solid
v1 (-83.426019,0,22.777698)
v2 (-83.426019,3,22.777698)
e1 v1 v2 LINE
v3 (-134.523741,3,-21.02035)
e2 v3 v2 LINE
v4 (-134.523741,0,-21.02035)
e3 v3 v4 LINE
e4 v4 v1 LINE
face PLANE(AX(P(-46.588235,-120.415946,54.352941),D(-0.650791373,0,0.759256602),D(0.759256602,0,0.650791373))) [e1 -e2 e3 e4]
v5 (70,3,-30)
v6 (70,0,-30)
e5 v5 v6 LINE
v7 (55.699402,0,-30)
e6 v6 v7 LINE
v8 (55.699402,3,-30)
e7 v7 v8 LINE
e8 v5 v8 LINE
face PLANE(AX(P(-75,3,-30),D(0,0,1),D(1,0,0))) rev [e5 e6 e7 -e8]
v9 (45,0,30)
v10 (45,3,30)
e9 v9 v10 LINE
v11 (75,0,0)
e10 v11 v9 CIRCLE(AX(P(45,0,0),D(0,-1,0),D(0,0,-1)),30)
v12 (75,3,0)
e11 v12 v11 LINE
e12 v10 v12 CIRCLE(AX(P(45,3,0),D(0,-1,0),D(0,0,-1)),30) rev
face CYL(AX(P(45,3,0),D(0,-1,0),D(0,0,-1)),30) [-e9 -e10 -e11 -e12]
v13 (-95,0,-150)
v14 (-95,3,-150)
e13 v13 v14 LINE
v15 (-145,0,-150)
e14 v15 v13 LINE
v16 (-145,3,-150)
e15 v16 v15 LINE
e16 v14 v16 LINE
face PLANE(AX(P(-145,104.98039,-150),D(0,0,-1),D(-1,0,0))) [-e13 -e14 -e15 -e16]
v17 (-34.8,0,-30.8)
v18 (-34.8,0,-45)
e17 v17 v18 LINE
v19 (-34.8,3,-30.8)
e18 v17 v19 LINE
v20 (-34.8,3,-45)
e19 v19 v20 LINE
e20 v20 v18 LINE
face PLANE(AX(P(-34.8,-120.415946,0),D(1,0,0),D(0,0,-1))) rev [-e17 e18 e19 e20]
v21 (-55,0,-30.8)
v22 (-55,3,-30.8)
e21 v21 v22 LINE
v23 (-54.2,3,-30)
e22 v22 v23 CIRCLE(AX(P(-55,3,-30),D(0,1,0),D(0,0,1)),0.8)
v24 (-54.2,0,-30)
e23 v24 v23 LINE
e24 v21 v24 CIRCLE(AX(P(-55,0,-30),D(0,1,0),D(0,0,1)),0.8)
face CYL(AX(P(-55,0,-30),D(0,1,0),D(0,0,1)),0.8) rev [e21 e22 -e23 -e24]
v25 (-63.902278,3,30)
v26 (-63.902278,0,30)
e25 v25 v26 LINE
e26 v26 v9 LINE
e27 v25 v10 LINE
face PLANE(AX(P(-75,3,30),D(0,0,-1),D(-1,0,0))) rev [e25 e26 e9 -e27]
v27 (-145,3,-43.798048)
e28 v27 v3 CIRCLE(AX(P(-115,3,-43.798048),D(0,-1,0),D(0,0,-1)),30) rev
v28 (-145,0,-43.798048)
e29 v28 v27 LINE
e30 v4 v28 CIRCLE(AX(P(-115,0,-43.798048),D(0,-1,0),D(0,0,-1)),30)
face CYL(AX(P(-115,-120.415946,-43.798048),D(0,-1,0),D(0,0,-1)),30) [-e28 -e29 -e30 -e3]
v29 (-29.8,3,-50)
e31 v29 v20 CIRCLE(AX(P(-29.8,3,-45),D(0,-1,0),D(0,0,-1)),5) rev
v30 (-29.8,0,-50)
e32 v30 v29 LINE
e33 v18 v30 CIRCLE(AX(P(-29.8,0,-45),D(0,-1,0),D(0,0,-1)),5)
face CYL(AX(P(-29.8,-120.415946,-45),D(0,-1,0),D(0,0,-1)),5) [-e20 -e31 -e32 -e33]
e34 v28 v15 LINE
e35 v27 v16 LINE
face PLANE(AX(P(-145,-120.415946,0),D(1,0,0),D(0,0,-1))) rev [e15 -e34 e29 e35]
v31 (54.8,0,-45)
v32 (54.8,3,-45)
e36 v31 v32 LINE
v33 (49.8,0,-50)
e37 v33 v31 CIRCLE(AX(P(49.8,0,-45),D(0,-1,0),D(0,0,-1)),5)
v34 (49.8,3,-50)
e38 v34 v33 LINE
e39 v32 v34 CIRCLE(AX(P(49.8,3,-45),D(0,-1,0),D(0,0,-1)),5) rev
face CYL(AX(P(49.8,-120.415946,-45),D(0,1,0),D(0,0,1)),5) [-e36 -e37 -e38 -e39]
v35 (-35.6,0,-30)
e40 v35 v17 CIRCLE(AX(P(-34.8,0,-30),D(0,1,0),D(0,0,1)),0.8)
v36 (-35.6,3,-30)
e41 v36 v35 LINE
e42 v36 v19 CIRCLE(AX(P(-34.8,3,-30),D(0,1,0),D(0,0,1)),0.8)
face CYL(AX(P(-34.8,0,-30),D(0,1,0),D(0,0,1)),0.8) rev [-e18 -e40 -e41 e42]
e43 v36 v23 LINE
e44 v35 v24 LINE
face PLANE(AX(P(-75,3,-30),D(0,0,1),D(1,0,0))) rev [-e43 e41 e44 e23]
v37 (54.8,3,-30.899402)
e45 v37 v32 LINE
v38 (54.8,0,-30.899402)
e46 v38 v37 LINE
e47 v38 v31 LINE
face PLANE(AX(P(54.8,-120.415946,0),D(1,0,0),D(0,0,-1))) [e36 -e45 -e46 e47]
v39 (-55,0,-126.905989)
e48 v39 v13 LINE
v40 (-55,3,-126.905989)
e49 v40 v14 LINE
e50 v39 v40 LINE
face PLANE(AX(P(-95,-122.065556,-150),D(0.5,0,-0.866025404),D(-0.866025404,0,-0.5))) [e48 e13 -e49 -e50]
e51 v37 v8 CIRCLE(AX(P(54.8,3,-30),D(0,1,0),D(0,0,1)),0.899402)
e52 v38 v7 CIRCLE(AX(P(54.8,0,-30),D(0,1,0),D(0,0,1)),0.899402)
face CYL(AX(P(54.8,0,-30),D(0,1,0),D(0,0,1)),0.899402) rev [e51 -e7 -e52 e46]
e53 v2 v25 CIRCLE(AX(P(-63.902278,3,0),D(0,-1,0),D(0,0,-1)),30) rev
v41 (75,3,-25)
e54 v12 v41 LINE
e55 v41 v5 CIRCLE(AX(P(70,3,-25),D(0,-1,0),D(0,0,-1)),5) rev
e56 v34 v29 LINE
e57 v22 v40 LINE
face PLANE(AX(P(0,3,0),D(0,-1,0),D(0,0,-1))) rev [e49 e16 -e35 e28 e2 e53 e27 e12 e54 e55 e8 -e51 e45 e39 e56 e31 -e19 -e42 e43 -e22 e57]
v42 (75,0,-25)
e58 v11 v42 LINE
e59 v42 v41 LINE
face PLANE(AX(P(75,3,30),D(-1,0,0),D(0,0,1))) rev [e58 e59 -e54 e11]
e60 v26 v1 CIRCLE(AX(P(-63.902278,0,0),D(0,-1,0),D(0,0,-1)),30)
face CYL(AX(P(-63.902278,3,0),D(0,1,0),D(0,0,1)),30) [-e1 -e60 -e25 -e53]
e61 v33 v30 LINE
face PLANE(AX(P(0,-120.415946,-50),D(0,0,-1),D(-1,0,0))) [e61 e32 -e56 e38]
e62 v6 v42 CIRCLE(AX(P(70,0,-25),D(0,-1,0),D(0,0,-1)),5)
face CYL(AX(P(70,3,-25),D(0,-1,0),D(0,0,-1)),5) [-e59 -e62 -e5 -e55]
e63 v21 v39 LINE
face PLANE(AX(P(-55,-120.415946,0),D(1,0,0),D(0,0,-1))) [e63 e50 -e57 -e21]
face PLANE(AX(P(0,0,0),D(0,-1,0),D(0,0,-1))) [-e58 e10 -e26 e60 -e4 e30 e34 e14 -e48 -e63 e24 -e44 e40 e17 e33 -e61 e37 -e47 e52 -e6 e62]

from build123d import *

# Parameters (mm, degrees)
SKETCH1_W           = 150
SKETCH1_H           = 60
BOSS_EXTRUDE1_DEPTH = 3
FILLET1_R           = 30
SKETCH2_W           = 89.6
SKETCH2_H           = 20
BOSS_EXTRUDE2_DEPTH = 3
FILLET2_R           = 30
SKETCH3_R           = 0.8
SKETCH3_R_2         = 0.899402105
CUT_EXTRUDE1_DEPTH  = 154.407952858
FILLET3_R           = 5
SKETCH4_W           = 20
SKETCH4_H           = 100
BOSS_EXTRUDE3_DEPTH = 3
BOSS_EXTRUDE4_DEPTH = 3


with BuildPart() as part:
    # Sketch1 → Boss-Extrude1 (new body)
    with BuildSketch(Plane(origin=(0, 0, 0), x_dir=(1, 0, 0), z_dir=(0, 1, 0))):
        Rectangle(SKETCH1_W, SKETCH1_H)
    extrude(amount=BOSS_EXTRUDE1_DEPTH)

    # Fillet1
    fillet1_edges = [part.edges().sort_by_distance(p)[0] for p in [
        (75, 1.5, 30),
    ]]
    fillet(fillet1_edges, radius=FILLET1_R)

    # Sketch2 → Boss-Extrude2 (add)
    with BuildSketch(Plane(origin=(0, 3, 0), x_dir=(1, 0, 0), z_dir=(0, 1, 0))):
        Polygon((-75, 30), (-55, 30), (-55, 50), (-145, 50), (-145, 30), align=None)
        Polygon((-75, -30), (-75, 30), (-145, 30), align=None)
        with Locations((10, 40)):
            Rectangle(SKETCH2_W, SKETCH2_H)
    extrude(amount=-BOSS_EXTRUDE2_DEPTH)

    # Fillet2
    fillet2_edges = [part.edges().sort_by_distance(p)[0] for p in [
        (-145, 1.5, -30),
        (-75, 1.5, 30),
    ]]
    fillet(fillet2_edges, radius=FILLET2_R)

    # Sketch3 → Cut-Extrude1 (cut, through all)
    with BuildSketch(Plane(origin=(0, 3, 0), x_dir=(1, 0, 0), z_dir=(0, 1, 0))):
        with Locations((-55, 30)):
            Circle(SKETCH3_R)
        with Locations((-34.8, 30)):
            Circle(SKETCH3_R)
        with Locations((54.8, 30)):
            Circle(SKETCH3_R_2)
    extrude(amount=-CUT_EXTRUDE1_DEPTH, mode=Mode.SUBTRACT)

    # Fillet3
    fillet3_edges = [part.edges().sort_by_distance(p)[0] for p in [
        (-34.8, 1.5, -50),
        (54.8, 1.5, -50),
        (75, 1.5, -30),
    ]]
    fillet(fillet3_edges, radius=FILLET3_R)

    # Sketch4 → Boss-Extrude3 (add)
    with BuildSketch(Plane(origin=(0, 0, 0), x_dir=(-1, 0, 0), z_dir=(0, -1, 0))):
        with Locations((135, 100)):
            Rectangle(SKETCH4_W, SKETCH4_H)
    extrude(amount=-BOSS_EXTRUDE3_DEPTH)

    # Sketch5 → Boss-Extrude4 (add)
    with BuildSketch(Plane(origin=(0, 3, 0), x_dir=(1, 0, 0), z_dir=(0, 1, 0))):
        Polygon((-55, 50), (-125, 50), (-125, 150), (-95, 150), (-55, 126.905989232), align=None)
    extrude(amount=-BOSS_EXTRUDE4_DEPTH)


solid = part.part
